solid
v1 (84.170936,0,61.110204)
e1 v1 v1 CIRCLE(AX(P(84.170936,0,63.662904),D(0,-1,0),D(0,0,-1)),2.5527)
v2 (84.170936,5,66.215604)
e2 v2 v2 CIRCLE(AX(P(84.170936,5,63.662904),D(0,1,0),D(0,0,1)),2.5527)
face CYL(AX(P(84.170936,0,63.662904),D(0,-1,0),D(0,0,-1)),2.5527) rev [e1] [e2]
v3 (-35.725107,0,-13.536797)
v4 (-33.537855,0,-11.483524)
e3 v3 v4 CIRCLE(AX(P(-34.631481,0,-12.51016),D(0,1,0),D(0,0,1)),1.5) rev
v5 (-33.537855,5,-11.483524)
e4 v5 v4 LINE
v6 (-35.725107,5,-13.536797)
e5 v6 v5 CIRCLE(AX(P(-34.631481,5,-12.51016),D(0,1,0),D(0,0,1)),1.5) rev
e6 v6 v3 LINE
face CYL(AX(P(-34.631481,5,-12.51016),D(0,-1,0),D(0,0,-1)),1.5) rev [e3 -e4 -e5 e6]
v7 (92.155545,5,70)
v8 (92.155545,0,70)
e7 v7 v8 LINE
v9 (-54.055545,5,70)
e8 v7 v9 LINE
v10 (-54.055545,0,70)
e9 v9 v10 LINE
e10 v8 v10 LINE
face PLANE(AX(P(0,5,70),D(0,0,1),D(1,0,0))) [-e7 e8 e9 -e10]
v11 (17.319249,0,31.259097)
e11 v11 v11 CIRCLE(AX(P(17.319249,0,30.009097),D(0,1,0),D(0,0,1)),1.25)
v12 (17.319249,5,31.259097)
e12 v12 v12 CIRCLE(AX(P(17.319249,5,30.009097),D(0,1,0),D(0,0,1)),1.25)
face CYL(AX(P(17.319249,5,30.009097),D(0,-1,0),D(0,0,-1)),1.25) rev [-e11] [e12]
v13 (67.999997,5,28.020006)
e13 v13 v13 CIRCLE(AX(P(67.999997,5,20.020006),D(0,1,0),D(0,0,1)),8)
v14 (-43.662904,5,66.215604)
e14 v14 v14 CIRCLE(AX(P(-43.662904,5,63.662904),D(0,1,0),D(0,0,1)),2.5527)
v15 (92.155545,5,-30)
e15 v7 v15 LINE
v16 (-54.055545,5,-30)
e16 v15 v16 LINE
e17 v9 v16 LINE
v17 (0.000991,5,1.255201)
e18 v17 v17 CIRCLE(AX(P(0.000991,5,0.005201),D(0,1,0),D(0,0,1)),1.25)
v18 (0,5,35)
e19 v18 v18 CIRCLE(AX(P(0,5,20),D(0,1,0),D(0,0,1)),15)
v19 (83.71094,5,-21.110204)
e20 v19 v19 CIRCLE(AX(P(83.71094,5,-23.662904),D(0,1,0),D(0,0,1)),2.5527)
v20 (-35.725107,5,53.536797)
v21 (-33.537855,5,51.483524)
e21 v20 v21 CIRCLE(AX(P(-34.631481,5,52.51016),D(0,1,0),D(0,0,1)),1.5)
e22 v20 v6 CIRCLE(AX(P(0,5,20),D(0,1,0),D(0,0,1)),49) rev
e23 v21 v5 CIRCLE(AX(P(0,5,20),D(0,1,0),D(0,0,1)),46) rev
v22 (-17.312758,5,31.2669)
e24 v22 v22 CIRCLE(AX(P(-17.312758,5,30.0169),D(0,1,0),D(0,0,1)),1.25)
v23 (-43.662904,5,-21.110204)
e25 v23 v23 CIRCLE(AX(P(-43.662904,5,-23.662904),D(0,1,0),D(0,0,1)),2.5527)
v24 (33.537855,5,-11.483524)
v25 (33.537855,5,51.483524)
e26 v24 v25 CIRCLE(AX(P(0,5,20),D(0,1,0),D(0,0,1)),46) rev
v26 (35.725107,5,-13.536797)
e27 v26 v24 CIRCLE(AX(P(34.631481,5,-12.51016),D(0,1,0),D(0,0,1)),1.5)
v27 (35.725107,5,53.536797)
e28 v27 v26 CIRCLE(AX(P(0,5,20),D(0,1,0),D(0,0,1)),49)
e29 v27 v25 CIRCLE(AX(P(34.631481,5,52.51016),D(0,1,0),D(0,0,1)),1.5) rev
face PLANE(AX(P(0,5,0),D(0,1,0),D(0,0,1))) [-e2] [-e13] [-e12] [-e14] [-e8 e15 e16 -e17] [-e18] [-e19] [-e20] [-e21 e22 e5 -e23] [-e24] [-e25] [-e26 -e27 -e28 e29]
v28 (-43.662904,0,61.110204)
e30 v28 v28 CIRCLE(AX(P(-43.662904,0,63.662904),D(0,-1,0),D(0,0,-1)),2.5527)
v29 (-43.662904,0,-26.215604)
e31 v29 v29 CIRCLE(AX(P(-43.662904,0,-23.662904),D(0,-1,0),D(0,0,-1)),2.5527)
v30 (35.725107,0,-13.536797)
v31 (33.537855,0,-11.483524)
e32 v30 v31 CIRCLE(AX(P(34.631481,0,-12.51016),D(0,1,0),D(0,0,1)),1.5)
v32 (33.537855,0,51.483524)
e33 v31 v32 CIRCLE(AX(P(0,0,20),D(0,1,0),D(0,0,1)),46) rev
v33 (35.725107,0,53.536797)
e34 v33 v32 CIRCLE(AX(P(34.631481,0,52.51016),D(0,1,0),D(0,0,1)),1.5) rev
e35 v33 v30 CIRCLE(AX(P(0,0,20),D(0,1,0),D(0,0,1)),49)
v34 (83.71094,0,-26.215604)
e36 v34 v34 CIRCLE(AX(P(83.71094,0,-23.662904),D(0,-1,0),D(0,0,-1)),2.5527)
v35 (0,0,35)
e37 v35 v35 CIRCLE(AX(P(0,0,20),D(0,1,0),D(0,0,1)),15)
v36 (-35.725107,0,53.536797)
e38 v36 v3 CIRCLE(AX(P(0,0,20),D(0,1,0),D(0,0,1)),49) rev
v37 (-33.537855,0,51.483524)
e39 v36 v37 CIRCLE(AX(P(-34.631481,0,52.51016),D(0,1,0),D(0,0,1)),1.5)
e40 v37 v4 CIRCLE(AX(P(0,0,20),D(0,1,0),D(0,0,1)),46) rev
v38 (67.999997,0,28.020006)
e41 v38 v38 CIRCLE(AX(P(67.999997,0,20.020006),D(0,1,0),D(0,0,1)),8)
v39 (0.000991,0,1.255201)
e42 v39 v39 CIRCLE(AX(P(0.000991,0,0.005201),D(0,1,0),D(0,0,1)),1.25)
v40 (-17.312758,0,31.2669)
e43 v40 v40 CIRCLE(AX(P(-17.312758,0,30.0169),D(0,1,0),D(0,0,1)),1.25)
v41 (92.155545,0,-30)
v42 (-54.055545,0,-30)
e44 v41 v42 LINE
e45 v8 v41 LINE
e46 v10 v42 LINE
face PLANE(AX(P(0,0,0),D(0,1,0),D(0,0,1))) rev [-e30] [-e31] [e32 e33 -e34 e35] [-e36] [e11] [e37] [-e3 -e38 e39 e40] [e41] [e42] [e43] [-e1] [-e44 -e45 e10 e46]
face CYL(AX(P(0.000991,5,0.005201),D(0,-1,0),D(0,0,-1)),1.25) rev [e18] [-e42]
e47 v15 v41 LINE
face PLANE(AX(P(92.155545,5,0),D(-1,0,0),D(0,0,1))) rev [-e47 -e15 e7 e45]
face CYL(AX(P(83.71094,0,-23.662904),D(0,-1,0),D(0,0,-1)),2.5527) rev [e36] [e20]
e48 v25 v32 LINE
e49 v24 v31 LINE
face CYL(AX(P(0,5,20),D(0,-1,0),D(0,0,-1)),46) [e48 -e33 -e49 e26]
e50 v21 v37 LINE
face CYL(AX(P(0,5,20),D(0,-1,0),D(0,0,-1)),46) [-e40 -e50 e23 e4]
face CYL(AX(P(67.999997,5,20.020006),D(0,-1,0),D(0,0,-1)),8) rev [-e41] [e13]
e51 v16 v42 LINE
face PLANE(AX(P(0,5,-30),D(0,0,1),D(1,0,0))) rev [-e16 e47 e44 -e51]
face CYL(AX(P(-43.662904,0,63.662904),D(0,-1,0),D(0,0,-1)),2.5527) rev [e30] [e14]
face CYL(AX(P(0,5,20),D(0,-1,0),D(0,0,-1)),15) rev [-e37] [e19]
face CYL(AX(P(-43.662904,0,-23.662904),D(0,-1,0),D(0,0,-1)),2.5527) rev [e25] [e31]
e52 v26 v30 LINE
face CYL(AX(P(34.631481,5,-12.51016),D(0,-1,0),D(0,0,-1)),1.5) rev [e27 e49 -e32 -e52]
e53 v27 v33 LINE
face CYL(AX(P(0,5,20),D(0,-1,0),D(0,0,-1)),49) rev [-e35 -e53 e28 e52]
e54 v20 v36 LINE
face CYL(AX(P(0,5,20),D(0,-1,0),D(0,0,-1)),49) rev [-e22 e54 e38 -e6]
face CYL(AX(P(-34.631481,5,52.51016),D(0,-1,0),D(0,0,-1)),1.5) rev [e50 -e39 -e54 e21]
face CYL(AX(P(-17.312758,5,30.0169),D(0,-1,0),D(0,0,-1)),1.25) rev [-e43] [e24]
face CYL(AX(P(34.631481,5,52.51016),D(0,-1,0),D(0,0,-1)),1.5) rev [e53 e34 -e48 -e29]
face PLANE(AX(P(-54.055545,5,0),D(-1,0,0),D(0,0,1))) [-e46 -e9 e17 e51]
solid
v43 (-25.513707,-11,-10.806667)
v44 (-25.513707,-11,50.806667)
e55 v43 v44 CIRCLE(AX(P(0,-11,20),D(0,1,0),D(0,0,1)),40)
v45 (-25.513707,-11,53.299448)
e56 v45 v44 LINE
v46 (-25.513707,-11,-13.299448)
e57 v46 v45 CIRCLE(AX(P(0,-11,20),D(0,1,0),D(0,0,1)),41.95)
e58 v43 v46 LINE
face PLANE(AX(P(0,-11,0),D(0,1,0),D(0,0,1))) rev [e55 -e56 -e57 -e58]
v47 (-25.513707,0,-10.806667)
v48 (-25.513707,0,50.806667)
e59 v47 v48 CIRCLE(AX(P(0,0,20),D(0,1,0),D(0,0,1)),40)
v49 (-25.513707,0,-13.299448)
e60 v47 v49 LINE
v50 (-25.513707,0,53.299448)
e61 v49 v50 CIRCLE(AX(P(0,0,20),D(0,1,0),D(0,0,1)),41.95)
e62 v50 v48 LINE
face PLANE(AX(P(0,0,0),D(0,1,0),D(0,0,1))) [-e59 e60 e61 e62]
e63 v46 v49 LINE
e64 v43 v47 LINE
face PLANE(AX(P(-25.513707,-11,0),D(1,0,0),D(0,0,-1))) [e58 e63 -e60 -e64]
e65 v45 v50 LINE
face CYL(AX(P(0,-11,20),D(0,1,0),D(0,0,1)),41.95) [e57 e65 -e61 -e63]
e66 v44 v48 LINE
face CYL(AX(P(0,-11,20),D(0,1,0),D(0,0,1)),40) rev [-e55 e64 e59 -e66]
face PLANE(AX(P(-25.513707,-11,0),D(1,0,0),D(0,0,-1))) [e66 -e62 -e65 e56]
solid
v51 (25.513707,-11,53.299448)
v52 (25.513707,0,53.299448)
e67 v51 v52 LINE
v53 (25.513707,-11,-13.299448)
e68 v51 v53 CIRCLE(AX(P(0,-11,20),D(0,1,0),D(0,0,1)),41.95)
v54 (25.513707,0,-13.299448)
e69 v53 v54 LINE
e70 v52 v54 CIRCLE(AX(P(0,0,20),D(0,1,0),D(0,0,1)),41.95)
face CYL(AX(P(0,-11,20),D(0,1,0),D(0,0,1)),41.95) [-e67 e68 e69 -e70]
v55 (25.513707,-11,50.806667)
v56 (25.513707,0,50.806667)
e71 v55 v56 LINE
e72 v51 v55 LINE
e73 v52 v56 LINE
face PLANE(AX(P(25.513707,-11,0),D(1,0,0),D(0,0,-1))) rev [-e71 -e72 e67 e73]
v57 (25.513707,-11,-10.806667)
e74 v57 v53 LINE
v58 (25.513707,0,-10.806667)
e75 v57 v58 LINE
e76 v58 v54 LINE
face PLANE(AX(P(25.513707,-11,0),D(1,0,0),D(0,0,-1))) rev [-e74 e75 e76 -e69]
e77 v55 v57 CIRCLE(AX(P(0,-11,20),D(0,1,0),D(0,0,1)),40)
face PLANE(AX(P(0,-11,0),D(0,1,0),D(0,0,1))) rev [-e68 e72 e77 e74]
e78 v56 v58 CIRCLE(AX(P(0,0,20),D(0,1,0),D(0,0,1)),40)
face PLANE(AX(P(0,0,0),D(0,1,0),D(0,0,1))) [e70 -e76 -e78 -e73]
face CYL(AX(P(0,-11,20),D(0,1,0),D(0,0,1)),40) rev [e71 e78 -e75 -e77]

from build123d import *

# Parameters (mm, degrees)
SKETCH1_W                            = 146.211089784
SKETCH1_H                            = 100
SKETCH1_R                            = 1.25
SKETCH1_R_2                          = 8
SKETCH1_R_3                          = 15
BOSS_EXTRUDE1_DEPTH                  = 5
BOSS_EXTRUDE4_DEPTH                  = 11
BOSS_EXTRUDE4_2_DEPTH                = 11
TAP_DRILL_FOR_1_4_20_TAP1_AT_2_COUNT = 2
TAP_DRILL_FOR_1_4_20_TAP1_AT_2_PITCH = 87.325808516
TAP_DRILL_FOR_1_4_20_TAP1_AT_3_COUNT = 2
TAP_DRILL_FOR_1_4_20_TAP1_AT_3_PITCH = 154.434105625
TAP_DRILL_FOR_1_4_20_TAP1_AT_4_COUNT = 2
TAP_DRILL_FOR_1_4_20_TAP1_AT_4_PITCH = 127.833840476


with BuildPart() as part:
    # Sketch1 → Boss-Extrude1 (new body)
    with BuildSketch(Plane(origin=(0, 0, 0), x_dir=(1, 0, 0), z_dir=(0, 1, 0))):
        with Locations((19.05, -20)):
            Rectangle(SKETCH1_W, SKETCH1_H)
        with Locations((-17.312758334, -30.016899554)):
            Circle(SKETCH1_R, mode=Mode.SUBTRACT)
        with Locations((17.319248736, -30.009097211)):
            Circle(SKETCH1_R, mode=Mode.SUBTRACT)
        with Locations((67.999997057, -20.020005506)):
            Circle(SKETCH1_R_2, mode=Mode.SUBTRACT)
        with BuildLine():
            ThreePointArc((-33.537855017, 11.483523958), (-46, -19.999999986), (-33.537855037, -51.483523937))
            ThreePointArc((-33.537855037, -51.483523937), (-33.604844238, -53.603786249), (-35.725106552, -53.536797132))
            ThreePointArc((-35.725106552, -53.536797132), (-49, -19.99999995), (-35.725106483, 13.536797205))
            ThreePointArc((-35.725106483, 13.536797205), (-33.604844212, 13.603786224), (-33.537855017, 11.483523958))
        make_face(mode=Mode.SUBTRACT)
        with Locations((0, -20)):
            Circle(SKETCH1_R_3, mode=Mode.SUBTRACT)
        with Locations((0.000990516, -0.005201359)):
            Circle(SKETCH1_R, mode=Mode.SUBTRACT)
        with BuildLine():
            ThreePointArc((33.537855023, 11.483523952), (33.604844233, 13.603786244), (35.725106529, 13.536797156))
            ThreePointArc((35.725106529, 13.536797156), (49, -19.999999991), (35.725106542, -53.536797143))
            ThreePointArc((35.725106542, -53.536797143), (33.604844119, -53.603786137), (33.537855251, -51.48352371))
            ThreePointArc((33.537855251, -51.48352371), (46, -19.999999834), (33.537855023, 11.483523952))
        make_face(mode=Mode.SUBTRACT)
    extrude(amount=BOSS_EXTRUDE1_DEPTH)

    # Sketch3 → Tap Drill for 1/4-20 Tap1 (revolve, cut)
    with BuildSketch(Plane(origin=(-43.662904258, 0, 63.662904258), x_dir=(0, 0, -1), z_dir=(1, 0, 0))):
        Polygon((0, 0), (0, 26.933816902), (2.5527, 25.4), (2.5527, 0), align=None)
    tap_drill_for_1_4_20_tap1 = revolve(axis=Axis((-43.662904258, -6.35, 63.662904258), (0, 1, 0)), mode=Mode.SUBTRACT)

    # Tap Drill for 1/4-20 Tap1 at 2: Tap Drill for 1/4-20 Tap1 ×2
    with Locations(*[(0, 0, -i * TAP_DRILL_FOR_1_4_20_TAP1_AT_2_PITCH) for i in range(1, TAP_DRILL_FOR_1_4_20_TAP1_AT_2_COUNT)]):
        add(tap_drill_for_1_4_20_tap1, mode=Mode.SUBTRACT)

    # Tap Drill for 1/4-20 Tap1 at 3: Tap Drill for 1/4-20 Tap1 ×2
    with Locations(*[Vector(0.824777944, 0, -0.565456757) * (i * TAP_DRILL_FOR_1_4_20_TAP1_AT_3_PITCH) for i in range(1, TAP_DRILL_FOR_1_4_20_TAP1_AT_3_COUNT)]):
        add(tap_drill_for_1_4_20_tap1, mode=Mode.SUBTRACT)

    # Tap Drill for 1/4-20 Tap1 at 4: Tap Drill for 1/4-20 Tap1 ×2
    with Locations(*[(i * TAP_DRILL_FOR_1_4_20_TAP1_AT_4_PITCH, 0, 0) for i in range(1, TAP_DRILL_FOR_1_4_20_TAP1_AT_4_COUNT)]):
        add(tap_drill_for_1_4_20_tap1, mode=Mode.SUBTRACT)


with BuildPart() as body_2:
    # Sketch1<4> → Boss-Extrude4 (new body)
    with BuildSketch(Plane(origin=(0, 0, 0), x_dir=(1, 0, 0), z_dir=(0, 1, 0))):
        with BuildLine():
            ThreePointArc((-25.513706898, 13.299448349), (-41.95, -20), (-25.513706898, -53.299448349))
            Line((-25.513706898, -53.299448349), (-25.513706898, -50.806667477))
            ThreePointArc((-25.513706898, -50.806667477), (-40.000000009, -20), (-25.513706898, 10.806667477))
            Line((-25.513706898, 10.806667477), (-25.513706898, 13.299448349))
        make_face()
    extrude(amount=-BOSS_EXTRUDE4_DEPTH)


with BuildPart() as body_3:
    # Sketch1<4> → Boss-Extrude4 2 (new body)
    with BuildSketch(Plane(origin=(0, 0, 0), x_dir=(1, 0, 0), z_dir=(0, 1, 0))):
        with BuildLine():
            Line((25.513706898, -50.806667477), (25.513706898, -53.299448349))
            ThreePointArc((25.513706898, -53.299448349), (41.95, -20), (25.513706898, 13.299448349))
            Line((25.513706898, 13.299448349), (25.513706898, 10.806667477))
            ThreePointArc((25.513706898, 10.806667477), (40.000000009, -20), (25.513706898, -50.806667477))
        make_face()
    extrude(amount=-BOSS_EXTRUDE4_2_DEPTH)


solid = Compound([part.part, body_2.part, body_3.part])
